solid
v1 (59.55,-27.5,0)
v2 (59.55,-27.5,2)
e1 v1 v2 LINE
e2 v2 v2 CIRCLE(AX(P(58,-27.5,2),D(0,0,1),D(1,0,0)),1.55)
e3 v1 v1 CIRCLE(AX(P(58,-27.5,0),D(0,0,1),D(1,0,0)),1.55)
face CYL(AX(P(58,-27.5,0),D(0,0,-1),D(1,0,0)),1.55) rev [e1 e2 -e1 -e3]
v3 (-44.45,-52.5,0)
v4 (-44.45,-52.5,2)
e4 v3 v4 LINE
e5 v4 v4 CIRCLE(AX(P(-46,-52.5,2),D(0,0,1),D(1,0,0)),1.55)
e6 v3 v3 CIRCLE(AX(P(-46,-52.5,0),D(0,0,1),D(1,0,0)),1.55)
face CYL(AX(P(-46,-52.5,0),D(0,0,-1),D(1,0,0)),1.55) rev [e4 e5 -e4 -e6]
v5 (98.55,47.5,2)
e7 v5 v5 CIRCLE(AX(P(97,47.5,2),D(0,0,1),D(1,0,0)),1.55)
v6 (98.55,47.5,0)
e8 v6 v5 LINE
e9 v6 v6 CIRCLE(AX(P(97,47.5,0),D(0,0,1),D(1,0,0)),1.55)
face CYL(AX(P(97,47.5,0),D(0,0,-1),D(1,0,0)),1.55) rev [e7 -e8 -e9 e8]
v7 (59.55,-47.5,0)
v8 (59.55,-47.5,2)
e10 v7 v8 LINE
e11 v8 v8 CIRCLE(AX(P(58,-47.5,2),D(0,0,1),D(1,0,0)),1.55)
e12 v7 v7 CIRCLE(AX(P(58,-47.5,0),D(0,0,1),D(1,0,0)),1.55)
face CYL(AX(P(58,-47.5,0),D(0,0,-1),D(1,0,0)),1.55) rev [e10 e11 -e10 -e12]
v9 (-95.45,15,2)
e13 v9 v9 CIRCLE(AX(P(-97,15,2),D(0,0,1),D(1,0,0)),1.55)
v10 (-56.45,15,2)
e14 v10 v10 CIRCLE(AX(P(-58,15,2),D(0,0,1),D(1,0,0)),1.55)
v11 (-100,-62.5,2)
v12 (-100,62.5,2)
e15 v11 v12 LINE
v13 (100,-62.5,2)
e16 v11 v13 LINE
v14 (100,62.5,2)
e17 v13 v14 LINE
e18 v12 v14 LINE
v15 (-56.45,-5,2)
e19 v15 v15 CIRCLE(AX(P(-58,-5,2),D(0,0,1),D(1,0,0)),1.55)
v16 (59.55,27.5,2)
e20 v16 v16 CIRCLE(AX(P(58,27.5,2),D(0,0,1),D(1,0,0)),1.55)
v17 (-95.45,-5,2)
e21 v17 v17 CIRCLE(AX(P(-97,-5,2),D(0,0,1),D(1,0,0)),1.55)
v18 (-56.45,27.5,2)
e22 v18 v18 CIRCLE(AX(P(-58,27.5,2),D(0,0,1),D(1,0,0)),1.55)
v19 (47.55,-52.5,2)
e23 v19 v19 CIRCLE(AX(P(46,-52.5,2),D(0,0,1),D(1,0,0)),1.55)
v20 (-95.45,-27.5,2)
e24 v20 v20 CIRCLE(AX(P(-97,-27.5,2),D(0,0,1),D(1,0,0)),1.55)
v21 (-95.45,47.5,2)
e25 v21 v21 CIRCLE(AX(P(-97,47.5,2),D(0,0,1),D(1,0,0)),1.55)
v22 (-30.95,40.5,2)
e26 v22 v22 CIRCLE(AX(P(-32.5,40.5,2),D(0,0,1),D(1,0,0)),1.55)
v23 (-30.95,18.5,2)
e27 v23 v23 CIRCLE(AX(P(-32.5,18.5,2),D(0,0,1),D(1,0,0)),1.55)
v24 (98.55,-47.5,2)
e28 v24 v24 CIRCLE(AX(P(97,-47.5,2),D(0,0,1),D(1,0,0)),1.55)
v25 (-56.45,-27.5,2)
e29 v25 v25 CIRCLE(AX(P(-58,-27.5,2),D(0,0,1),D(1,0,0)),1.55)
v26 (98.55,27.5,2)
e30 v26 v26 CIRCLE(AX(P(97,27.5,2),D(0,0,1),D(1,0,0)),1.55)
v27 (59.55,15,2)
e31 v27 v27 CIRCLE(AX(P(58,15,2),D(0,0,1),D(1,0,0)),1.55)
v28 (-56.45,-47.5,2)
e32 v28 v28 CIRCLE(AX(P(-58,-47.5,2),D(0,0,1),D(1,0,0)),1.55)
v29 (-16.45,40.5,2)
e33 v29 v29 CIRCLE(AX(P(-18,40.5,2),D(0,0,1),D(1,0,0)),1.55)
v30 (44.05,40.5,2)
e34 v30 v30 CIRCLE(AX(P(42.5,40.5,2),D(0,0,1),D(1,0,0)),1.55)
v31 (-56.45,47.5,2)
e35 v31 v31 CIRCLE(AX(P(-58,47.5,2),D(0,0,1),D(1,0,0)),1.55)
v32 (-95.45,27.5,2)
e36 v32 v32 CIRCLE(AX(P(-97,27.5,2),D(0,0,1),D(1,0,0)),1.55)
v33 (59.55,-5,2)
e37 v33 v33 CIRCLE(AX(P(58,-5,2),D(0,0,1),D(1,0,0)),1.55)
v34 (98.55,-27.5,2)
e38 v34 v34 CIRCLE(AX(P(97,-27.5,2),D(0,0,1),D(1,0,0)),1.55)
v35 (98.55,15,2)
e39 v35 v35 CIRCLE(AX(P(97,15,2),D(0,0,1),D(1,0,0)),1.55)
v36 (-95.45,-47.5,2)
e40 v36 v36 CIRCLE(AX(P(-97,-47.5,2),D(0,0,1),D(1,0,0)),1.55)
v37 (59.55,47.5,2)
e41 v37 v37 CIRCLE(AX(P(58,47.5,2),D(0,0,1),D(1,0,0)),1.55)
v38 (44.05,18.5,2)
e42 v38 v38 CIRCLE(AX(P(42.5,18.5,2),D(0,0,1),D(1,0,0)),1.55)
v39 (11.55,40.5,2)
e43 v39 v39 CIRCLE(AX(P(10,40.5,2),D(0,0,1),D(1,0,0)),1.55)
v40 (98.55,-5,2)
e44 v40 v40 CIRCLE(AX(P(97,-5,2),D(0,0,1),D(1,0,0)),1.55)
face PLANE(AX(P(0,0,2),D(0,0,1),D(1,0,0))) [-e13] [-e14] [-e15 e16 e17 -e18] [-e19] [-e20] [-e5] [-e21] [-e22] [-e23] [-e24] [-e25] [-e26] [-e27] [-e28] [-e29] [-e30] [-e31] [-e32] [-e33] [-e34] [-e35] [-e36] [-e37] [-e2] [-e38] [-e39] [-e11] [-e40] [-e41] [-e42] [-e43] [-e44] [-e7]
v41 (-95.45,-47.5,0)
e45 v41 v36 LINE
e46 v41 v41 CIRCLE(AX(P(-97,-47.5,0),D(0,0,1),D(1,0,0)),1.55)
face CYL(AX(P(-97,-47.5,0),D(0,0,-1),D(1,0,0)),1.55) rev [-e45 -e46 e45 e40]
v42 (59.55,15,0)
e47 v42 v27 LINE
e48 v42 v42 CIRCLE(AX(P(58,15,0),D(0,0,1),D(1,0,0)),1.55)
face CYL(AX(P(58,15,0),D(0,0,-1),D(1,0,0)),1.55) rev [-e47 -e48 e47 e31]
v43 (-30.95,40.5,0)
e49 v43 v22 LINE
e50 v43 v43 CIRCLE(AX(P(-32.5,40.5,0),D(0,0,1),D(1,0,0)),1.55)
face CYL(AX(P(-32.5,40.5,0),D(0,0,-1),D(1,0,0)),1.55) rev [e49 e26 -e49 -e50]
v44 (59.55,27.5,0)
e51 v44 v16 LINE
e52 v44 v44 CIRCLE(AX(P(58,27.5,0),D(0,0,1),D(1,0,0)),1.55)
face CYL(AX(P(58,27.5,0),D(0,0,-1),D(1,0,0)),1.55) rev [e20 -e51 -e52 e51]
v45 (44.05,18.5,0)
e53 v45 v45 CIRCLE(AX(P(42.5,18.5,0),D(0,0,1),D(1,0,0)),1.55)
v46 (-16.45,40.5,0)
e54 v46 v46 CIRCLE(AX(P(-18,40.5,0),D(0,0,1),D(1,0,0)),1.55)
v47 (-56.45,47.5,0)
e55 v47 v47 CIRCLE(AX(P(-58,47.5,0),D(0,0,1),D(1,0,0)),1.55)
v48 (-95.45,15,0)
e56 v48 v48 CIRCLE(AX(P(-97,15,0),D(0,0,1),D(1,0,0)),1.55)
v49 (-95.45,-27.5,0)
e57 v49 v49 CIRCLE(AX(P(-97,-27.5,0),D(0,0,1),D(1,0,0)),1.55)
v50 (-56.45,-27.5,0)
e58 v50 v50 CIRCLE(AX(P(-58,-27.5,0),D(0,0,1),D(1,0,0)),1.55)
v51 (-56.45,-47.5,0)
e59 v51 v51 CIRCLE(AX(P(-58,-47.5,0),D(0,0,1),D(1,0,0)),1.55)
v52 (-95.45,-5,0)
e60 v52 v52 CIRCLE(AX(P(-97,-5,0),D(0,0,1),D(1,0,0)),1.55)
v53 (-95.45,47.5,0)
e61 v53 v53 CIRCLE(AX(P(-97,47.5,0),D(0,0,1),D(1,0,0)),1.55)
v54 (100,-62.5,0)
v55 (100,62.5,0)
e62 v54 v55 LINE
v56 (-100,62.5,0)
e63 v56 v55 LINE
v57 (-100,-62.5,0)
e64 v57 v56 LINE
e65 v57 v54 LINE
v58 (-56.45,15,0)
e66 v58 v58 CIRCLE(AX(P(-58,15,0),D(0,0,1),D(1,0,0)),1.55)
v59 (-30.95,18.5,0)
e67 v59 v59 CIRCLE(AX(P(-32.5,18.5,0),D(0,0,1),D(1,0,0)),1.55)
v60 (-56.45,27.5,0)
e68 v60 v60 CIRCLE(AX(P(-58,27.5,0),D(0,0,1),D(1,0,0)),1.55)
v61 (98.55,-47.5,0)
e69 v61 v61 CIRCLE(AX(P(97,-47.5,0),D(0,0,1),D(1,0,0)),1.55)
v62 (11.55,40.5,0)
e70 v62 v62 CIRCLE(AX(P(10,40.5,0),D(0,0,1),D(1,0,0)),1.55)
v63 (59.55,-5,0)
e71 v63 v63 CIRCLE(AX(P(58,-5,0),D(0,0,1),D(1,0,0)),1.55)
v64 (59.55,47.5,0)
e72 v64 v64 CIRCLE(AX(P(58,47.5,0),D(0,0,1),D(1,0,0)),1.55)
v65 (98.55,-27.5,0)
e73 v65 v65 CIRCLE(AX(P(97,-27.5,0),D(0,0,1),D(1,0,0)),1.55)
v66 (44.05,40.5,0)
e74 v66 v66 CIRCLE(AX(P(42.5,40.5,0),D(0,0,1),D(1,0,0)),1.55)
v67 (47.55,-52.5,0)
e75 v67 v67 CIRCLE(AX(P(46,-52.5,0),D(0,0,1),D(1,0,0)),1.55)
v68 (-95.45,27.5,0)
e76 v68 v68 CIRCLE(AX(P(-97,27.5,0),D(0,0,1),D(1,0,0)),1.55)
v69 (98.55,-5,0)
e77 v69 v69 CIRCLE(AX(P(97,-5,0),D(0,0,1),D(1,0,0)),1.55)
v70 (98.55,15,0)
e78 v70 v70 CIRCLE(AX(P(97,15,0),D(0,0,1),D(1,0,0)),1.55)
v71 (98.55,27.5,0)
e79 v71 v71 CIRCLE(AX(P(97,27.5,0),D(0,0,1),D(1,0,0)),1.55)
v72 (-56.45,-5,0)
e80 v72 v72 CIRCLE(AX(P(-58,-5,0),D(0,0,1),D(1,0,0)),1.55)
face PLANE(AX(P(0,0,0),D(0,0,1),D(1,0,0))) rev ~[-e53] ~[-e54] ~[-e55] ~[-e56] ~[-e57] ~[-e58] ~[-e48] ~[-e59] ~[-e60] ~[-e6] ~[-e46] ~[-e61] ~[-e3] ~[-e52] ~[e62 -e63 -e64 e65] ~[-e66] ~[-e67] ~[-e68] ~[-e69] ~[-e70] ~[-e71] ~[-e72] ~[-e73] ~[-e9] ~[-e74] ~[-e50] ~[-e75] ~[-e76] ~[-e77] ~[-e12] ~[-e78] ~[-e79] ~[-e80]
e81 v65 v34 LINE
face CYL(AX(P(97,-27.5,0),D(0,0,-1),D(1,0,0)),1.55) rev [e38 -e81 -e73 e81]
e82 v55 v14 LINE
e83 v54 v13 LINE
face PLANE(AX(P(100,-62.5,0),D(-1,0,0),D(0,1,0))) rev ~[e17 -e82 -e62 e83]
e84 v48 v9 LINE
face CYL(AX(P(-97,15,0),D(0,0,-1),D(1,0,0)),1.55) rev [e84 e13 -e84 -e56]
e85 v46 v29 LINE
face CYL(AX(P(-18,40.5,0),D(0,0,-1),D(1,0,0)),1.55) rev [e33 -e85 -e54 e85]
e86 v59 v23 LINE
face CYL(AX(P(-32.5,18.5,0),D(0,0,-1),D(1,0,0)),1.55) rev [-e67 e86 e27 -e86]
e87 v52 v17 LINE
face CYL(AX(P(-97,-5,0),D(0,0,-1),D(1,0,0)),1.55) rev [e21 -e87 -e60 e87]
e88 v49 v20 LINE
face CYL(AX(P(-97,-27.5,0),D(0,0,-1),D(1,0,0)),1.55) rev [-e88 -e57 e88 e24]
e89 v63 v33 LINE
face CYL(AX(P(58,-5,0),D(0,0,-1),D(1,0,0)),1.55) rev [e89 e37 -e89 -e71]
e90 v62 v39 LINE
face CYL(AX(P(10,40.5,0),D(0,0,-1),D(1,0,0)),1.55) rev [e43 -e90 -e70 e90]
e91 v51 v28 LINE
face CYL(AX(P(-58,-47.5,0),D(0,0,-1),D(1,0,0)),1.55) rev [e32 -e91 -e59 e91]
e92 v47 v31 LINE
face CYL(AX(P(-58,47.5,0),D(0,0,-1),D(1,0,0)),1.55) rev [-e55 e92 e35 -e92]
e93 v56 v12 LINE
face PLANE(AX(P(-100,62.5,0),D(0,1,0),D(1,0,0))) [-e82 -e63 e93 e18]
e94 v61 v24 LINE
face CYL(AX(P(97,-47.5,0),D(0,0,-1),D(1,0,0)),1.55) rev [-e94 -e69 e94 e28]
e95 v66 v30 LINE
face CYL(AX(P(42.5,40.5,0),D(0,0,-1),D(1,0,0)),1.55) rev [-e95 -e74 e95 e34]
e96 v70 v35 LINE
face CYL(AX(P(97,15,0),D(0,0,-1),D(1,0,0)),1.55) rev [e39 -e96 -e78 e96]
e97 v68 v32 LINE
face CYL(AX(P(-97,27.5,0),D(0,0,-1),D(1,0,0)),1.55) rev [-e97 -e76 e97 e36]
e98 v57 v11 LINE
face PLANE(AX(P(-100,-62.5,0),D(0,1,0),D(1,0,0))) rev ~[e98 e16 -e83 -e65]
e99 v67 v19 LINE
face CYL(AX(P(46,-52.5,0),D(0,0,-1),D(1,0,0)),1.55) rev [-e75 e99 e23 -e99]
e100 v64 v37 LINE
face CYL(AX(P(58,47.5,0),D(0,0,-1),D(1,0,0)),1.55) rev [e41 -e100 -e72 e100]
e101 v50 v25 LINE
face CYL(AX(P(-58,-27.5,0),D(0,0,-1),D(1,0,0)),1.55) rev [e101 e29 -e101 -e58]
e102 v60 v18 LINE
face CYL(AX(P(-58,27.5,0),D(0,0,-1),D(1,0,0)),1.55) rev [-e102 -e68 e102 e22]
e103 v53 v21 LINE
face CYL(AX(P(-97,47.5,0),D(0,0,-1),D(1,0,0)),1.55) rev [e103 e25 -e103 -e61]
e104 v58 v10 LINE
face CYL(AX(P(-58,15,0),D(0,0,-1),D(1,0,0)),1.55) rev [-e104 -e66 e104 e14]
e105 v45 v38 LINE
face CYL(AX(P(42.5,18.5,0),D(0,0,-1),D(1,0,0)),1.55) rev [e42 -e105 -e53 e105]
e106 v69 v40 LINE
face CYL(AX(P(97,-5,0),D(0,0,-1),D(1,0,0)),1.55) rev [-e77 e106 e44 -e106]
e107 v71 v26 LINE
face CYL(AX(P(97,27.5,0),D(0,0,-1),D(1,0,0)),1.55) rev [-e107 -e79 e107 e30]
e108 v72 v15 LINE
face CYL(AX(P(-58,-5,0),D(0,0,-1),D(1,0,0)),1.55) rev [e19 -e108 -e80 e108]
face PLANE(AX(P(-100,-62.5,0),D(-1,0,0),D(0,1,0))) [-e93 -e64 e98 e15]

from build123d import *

# Parameters (mm, degrees)
SKETCH_1_W      = 200
SKETCH_1_H      = 125
SKETCH_1_R      = 1.55
EXTRUDE_1_DEPTH = 2


with BuildPart() as part:
    # 草图1 → 凸台-拉伸1 (new body)
    with BuildSketch(Plane.XY):
        Rectangle(SKETCH_1_W, SKETCH_1_H)
        with Locations((-97, -47.5)):
            Circle(SKETCH_1_R, mode=Mode.SUBTRACT)
        with Locations((-97, -27.5)):
            Circle(SKETCH_1_R, mode=Mode.SUBTRACT)
        with Locations((-97, 47.5)):
            Circle(SKETCH_1_R, mode=Mode.SUBTRACT)
        with Locations((-97, 27.5)):
            Circle(SKETCH_1_R, mode=Mode.SUBTRACT)
        with Locations((-97, -5)):
            Circle(SKETCH_1_R, mode=Mode.SUBTRACT)
        with Locations((-97, 15)):
            Circle(SKETCH_1_R, mode=Mode.SUBTRACT)
        with Locations((97, 47.5)):
            Circle(SKETCH_1_R, mode=Mode.SUBTRACT)
        with Locations((97, 27.5)):
            Circle(SKETCH_1_R, mode=Mode.SUBTRACT)
        with Locations((97, -27.5)):
            Circle(SKETCH_1_R, mode=Mode.SUBTRACT)
        with Locations((97, -47.5)):
            Circle(SKETCH_1_R, mode=Mode.SUBTRACT)
        with Locations((-58, 47.5)):
            Circle(SKETCH_1_R, mode=Mode.SUBTRACT)
        with Locations((-58, 27.5)):
            Circle(SKETCH_1_R, mode=Mode.SUBTRACT)
        with Locations((-58, -27.5)):
            Circle(SKETCH_1_R, mode=Mode.SUBTRACT)
        with Locations((-58, -47.5)):
            Circle(SKETCH_1_R, mode=Mode.SUBTRACT)
        with Locations((58, 47.5)):
            Circle(SKETCH_1_R, mode=Mode.SUBTRACT)
        with Locations((58, 27.5)):
            Circle(SKETCH_1_R, mode=Mode.SUBTRACT)
        with Locations((58, -47.5)):
            Circle(SKETCH_1_R, mode=Mode.SUBTRACT)
        with Locations((58, -27.5)):
            Circle(SKETCH_1_R, mode=Mode.SUBTRACT)
        with Locations((-58, -5)):
            Circle(SKETCH_1_R, mode=Mode.SUBTRACT)
        with Locations((-58, 15)):
            Circle(SKETCH_1_R, mode=Mode.SUBTRACT)
        with Locations((97, 15)):
            Circle(SKETCH_1_R, mode=Mode.SUBTRACT)
        with Locations((97, -5)):
            Circle(SKETCH_1_R, mode=Mode.SUBTRACT)
        with Locations((58, 15)):
            Circle(SKETCH_1_R, mode=Mode.SUBTRACT)
        with Locations((58, -5)):
            Circle(SKETCH_1_R, mode=Mode.SUBTRACT)
        with Locations((-32.5, 40.5)):
            Circle(SKETCH_1_R, mode=Mode.SUBTRACT)
        with Locations((-32.5, 18.5)):
            Circle(SKETCH_1_R, mode=Mode.SUBTRACT)
        with Locations((-18, 40.5)):
            Circle(SKETCH_1_R, mode=Mode.SUBTRACT)
        with Locations((10, 40.5)):
            Circle(SKETCH_1_R, mode=Mode.SUBTRACT)
        with Locations((42.5, 40.5)):
            Circle(SKETCH_1_R, mode=Mode.SUBTRACT)
        with Locations((42.5, 18.5)):
            Circle(SKETCH_1_R, mode=Mode.SUBTRACT)
        with Locations((-46, -52.5)):
            Circle(SKETCH_1_R, mode=Mode.SUBTRACT)
        with Locations((46, -52.5)):
            Circle(SKETCH_1_R, mode=Mode.SUBTRACT)
    extrude(amount=EXTRUDE_1_DEPTH)


solid = part.part
